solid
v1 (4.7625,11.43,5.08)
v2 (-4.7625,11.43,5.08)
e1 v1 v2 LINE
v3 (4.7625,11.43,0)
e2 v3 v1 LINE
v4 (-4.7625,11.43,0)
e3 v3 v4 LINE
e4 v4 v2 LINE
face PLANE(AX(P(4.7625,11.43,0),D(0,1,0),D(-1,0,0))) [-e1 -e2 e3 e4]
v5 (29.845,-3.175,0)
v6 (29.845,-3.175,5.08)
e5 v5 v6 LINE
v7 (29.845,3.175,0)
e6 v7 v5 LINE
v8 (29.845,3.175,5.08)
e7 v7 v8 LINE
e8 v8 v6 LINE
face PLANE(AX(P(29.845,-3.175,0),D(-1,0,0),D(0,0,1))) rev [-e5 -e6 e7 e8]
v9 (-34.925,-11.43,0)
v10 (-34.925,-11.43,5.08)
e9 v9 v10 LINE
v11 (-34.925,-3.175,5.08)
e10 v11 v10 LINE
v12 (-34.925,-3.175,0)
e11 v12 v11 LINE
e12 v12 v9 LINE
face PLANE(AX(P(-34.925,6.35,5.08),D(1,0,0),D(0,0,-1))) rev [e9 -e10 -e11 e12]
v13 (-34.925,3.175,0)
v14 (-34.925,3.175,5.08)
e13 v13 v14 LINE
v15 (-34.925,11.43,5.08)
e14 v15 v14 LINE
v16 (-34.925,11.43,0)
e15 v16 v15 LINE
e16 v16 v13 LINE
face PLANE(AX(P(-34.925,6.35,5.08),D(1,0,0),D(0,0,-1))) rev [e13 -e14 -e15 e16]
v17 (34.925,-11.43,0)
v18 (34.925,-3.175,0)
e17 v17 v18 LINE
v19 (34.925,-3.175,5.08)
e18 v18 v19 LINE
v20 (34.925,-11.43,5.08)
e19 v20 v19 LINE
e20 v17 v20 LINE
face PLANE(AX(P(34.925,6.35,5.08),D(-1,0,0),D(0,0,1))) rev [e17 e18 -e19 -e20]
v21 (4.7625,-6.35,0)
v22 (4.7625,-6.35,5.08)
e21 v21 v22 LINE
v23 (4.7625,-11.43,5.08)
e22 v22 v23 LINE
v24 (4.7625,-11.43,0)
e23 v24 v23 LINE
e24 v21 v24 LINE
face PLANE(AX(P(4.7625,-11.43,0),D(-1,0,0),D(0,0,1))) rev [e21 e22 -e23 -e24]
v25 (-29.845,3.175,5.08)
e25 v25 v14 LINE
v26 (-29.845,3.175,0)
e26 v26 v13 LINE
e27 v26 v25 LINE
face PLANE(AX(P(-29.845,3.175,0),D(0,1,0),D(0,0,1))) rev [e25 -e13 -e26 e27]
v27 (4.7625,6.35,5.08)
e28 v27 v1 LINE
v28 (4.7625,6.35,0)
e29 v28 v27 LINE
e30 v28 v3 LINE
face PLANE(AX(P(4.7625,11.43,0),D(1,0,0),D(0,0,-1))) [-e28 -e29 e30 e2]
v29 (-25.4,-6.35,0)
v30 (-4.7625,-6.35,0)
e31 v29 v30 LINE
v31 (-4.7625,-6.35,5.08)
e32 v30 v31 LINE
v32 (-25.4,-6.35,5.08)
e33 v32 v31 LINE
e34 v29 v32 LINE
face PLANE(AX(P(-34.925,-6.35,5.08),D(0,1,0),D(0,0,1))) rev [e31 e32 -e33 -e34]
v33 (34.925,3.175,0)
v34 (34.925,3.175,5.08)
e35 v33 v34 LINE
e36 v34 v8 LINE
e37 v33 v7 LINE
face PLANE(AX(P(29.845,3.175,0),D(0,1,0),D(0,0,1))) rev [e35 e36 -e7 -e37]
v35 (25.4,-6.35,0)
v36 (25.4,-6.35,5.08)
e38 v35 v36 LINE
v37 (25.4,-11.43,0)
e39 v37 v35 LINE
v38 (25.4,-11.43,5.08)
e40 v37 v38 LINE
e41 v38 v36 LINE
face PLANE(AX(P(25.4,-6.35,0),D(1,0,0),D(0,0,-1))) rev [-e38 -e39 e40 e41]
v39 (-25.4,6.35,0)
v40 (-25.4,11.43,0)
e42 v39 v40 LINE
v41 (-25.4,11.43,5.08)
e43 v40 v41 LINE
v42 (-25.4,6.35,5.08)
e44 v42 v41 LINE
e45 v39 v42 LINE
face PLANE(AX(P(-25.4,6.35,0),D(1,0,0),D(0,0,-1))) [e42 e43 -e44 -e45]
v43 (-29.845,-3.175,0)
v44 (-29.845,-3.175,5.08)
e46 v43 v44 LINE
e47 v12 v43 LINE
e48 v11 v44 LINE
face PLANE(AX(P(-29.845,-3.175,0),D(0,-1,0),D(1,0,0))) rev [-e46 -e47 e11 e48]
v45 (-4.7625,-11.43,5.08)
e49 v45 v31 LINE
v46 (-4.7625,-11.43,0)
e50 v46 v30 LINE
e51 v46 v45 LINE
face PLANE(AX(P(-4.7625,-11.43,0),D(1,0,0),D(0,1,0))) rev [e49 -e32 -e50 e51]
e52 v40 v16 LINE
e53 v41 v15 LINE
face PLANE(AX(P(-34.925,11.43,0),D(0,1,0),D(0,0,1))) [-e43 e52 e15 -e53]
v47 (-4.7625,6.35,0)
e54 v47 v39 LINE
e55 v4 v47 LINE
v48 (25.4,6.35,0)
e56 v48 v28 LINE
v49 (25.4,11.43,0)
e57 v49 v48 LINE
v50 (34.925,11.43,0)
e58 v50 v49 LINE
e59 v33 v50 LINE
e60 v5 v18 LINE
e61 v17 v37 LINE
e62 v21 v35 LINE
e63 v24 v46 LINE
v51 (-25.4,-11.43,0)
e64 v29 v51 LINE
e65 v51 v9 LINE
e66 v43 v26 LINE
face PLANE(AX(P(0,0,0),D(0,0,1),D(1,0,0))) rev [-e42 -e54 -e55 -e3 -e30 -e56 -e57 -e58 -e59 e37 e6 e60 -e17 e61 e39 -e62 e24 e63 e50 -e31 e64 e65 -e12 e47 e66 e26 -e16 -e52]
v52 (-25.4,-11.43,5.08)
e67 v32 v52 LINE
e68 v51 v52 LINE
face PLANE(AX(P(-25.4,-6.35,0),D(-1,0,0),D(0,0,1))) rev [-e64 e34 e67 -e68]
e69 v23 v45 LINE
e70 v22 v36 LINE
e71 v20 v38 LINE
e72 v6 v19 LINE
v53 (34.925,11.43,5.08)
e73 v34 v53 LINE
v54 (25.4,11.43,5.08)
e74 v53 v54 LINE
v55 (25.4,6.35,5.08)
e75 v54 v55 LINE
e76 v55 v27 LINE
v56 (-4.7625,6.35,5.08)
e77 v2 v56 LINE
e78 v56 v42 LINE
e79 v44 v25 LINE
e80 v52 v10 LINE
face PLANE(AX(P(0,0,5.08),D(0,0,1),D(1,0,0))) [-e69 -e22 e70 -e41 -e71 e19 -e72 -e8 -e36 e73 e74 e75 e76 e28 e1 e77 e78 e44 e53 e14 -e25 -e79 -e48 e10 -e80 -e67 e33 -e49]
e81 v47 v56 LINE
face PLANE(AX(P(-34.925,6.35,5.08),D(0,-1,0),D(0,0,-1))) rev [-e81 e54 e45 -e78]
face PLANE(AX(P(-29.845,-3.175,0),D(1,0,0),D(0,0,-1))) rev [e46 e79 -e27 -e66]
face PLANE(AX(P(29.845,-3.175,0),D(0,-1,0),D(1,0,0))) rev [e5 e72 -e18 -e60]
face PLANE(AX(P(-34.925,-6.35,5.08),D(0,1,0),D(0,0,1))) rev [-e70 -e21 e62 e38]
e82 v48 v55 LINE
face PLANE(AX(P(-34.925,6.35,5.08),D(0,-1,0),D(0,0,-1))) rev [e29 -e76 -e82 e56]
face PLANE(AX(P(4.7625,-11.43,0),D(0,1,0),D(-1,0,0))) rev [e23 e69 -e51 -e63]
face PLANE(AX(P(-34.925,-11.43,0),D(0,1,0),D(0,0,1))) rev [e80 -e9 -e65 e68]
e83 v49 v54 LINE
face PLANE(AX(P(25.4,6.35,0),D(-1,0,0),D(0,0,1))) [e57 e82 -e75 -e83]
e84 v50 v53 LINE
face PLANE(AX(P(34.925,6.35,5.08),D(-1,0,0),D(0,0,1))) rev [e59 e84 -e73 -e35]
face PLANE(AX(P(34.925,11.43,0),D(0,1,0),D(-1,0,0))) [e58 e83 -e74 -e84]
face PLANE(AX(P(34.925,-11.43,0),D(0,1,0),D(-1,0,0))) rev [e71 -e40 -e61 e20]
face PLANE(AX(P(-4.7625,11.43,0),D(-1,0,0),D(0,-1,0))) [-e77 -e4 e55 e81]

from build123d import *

# Parameters (mm, degrees)
SKETCH1_W           = 69.85
SKETCH1_H           = 12.7
BOSS_EXTRUDE1_DEPTH = 5.08
SKETCH2_W           = 9.525
SKETCH2_H           = 5.08
BOSS_EXTRUDE2_DEPTH = 5.08
SKETCH3_W           = 5.08
SKETCH3_H           = 6.35
CUT_EXTRUDE1_DEPTH  = 5.08


with BuildPart() as part:
    # Sketch1 → Boss-Extrude1 (new body)
    with BuildSketch(Plane.XY):
        Rectangle(SKETCH1_W, SKETCH1_H)
    extrude(amount=BOSS_EXTRUDE1_DEPTH)

    # Sketch2 → Boss-Extrude2 (add)
    with BuildSketch(Plane.XY.offset(5.08)):
        with Locations((-30.1625, 8.89)):
            Rectangle(SKETCH2_W, SKETCH2_H)
        with Locations((30.1625, 8.89)):
            Rectangle(SKETCH2_W, SKETCH2_H)
        with Locations((0, 8.89)):
            Rectangle(SKETCH2_W, SKETCH2_H)
    boss_extrude2 = extrude(amount=-BOSS_EXTRUDE2_DEPTH)

    # Mirror1: Boss-Extrude2 across plane
    add(boss_extrude2.mirror(Plane.ZX))

    # Sketch3 → Cut-Extrude1 (cut)
    with BuildSketch(Plane.XY.offset(5.08)):
        with Locations((-32.385, 0)):
            Rectangle(SKETCH3_W, SKETCH3_H)
        with Locations((32.385, 0)):
            Rectangle(SKETCH3_W, SKETCH3_H)
    extrude(amount=-CUT_EXTRUDE1_DEPTH, mode=Mode.SUBTRACT)


solid = part.part
